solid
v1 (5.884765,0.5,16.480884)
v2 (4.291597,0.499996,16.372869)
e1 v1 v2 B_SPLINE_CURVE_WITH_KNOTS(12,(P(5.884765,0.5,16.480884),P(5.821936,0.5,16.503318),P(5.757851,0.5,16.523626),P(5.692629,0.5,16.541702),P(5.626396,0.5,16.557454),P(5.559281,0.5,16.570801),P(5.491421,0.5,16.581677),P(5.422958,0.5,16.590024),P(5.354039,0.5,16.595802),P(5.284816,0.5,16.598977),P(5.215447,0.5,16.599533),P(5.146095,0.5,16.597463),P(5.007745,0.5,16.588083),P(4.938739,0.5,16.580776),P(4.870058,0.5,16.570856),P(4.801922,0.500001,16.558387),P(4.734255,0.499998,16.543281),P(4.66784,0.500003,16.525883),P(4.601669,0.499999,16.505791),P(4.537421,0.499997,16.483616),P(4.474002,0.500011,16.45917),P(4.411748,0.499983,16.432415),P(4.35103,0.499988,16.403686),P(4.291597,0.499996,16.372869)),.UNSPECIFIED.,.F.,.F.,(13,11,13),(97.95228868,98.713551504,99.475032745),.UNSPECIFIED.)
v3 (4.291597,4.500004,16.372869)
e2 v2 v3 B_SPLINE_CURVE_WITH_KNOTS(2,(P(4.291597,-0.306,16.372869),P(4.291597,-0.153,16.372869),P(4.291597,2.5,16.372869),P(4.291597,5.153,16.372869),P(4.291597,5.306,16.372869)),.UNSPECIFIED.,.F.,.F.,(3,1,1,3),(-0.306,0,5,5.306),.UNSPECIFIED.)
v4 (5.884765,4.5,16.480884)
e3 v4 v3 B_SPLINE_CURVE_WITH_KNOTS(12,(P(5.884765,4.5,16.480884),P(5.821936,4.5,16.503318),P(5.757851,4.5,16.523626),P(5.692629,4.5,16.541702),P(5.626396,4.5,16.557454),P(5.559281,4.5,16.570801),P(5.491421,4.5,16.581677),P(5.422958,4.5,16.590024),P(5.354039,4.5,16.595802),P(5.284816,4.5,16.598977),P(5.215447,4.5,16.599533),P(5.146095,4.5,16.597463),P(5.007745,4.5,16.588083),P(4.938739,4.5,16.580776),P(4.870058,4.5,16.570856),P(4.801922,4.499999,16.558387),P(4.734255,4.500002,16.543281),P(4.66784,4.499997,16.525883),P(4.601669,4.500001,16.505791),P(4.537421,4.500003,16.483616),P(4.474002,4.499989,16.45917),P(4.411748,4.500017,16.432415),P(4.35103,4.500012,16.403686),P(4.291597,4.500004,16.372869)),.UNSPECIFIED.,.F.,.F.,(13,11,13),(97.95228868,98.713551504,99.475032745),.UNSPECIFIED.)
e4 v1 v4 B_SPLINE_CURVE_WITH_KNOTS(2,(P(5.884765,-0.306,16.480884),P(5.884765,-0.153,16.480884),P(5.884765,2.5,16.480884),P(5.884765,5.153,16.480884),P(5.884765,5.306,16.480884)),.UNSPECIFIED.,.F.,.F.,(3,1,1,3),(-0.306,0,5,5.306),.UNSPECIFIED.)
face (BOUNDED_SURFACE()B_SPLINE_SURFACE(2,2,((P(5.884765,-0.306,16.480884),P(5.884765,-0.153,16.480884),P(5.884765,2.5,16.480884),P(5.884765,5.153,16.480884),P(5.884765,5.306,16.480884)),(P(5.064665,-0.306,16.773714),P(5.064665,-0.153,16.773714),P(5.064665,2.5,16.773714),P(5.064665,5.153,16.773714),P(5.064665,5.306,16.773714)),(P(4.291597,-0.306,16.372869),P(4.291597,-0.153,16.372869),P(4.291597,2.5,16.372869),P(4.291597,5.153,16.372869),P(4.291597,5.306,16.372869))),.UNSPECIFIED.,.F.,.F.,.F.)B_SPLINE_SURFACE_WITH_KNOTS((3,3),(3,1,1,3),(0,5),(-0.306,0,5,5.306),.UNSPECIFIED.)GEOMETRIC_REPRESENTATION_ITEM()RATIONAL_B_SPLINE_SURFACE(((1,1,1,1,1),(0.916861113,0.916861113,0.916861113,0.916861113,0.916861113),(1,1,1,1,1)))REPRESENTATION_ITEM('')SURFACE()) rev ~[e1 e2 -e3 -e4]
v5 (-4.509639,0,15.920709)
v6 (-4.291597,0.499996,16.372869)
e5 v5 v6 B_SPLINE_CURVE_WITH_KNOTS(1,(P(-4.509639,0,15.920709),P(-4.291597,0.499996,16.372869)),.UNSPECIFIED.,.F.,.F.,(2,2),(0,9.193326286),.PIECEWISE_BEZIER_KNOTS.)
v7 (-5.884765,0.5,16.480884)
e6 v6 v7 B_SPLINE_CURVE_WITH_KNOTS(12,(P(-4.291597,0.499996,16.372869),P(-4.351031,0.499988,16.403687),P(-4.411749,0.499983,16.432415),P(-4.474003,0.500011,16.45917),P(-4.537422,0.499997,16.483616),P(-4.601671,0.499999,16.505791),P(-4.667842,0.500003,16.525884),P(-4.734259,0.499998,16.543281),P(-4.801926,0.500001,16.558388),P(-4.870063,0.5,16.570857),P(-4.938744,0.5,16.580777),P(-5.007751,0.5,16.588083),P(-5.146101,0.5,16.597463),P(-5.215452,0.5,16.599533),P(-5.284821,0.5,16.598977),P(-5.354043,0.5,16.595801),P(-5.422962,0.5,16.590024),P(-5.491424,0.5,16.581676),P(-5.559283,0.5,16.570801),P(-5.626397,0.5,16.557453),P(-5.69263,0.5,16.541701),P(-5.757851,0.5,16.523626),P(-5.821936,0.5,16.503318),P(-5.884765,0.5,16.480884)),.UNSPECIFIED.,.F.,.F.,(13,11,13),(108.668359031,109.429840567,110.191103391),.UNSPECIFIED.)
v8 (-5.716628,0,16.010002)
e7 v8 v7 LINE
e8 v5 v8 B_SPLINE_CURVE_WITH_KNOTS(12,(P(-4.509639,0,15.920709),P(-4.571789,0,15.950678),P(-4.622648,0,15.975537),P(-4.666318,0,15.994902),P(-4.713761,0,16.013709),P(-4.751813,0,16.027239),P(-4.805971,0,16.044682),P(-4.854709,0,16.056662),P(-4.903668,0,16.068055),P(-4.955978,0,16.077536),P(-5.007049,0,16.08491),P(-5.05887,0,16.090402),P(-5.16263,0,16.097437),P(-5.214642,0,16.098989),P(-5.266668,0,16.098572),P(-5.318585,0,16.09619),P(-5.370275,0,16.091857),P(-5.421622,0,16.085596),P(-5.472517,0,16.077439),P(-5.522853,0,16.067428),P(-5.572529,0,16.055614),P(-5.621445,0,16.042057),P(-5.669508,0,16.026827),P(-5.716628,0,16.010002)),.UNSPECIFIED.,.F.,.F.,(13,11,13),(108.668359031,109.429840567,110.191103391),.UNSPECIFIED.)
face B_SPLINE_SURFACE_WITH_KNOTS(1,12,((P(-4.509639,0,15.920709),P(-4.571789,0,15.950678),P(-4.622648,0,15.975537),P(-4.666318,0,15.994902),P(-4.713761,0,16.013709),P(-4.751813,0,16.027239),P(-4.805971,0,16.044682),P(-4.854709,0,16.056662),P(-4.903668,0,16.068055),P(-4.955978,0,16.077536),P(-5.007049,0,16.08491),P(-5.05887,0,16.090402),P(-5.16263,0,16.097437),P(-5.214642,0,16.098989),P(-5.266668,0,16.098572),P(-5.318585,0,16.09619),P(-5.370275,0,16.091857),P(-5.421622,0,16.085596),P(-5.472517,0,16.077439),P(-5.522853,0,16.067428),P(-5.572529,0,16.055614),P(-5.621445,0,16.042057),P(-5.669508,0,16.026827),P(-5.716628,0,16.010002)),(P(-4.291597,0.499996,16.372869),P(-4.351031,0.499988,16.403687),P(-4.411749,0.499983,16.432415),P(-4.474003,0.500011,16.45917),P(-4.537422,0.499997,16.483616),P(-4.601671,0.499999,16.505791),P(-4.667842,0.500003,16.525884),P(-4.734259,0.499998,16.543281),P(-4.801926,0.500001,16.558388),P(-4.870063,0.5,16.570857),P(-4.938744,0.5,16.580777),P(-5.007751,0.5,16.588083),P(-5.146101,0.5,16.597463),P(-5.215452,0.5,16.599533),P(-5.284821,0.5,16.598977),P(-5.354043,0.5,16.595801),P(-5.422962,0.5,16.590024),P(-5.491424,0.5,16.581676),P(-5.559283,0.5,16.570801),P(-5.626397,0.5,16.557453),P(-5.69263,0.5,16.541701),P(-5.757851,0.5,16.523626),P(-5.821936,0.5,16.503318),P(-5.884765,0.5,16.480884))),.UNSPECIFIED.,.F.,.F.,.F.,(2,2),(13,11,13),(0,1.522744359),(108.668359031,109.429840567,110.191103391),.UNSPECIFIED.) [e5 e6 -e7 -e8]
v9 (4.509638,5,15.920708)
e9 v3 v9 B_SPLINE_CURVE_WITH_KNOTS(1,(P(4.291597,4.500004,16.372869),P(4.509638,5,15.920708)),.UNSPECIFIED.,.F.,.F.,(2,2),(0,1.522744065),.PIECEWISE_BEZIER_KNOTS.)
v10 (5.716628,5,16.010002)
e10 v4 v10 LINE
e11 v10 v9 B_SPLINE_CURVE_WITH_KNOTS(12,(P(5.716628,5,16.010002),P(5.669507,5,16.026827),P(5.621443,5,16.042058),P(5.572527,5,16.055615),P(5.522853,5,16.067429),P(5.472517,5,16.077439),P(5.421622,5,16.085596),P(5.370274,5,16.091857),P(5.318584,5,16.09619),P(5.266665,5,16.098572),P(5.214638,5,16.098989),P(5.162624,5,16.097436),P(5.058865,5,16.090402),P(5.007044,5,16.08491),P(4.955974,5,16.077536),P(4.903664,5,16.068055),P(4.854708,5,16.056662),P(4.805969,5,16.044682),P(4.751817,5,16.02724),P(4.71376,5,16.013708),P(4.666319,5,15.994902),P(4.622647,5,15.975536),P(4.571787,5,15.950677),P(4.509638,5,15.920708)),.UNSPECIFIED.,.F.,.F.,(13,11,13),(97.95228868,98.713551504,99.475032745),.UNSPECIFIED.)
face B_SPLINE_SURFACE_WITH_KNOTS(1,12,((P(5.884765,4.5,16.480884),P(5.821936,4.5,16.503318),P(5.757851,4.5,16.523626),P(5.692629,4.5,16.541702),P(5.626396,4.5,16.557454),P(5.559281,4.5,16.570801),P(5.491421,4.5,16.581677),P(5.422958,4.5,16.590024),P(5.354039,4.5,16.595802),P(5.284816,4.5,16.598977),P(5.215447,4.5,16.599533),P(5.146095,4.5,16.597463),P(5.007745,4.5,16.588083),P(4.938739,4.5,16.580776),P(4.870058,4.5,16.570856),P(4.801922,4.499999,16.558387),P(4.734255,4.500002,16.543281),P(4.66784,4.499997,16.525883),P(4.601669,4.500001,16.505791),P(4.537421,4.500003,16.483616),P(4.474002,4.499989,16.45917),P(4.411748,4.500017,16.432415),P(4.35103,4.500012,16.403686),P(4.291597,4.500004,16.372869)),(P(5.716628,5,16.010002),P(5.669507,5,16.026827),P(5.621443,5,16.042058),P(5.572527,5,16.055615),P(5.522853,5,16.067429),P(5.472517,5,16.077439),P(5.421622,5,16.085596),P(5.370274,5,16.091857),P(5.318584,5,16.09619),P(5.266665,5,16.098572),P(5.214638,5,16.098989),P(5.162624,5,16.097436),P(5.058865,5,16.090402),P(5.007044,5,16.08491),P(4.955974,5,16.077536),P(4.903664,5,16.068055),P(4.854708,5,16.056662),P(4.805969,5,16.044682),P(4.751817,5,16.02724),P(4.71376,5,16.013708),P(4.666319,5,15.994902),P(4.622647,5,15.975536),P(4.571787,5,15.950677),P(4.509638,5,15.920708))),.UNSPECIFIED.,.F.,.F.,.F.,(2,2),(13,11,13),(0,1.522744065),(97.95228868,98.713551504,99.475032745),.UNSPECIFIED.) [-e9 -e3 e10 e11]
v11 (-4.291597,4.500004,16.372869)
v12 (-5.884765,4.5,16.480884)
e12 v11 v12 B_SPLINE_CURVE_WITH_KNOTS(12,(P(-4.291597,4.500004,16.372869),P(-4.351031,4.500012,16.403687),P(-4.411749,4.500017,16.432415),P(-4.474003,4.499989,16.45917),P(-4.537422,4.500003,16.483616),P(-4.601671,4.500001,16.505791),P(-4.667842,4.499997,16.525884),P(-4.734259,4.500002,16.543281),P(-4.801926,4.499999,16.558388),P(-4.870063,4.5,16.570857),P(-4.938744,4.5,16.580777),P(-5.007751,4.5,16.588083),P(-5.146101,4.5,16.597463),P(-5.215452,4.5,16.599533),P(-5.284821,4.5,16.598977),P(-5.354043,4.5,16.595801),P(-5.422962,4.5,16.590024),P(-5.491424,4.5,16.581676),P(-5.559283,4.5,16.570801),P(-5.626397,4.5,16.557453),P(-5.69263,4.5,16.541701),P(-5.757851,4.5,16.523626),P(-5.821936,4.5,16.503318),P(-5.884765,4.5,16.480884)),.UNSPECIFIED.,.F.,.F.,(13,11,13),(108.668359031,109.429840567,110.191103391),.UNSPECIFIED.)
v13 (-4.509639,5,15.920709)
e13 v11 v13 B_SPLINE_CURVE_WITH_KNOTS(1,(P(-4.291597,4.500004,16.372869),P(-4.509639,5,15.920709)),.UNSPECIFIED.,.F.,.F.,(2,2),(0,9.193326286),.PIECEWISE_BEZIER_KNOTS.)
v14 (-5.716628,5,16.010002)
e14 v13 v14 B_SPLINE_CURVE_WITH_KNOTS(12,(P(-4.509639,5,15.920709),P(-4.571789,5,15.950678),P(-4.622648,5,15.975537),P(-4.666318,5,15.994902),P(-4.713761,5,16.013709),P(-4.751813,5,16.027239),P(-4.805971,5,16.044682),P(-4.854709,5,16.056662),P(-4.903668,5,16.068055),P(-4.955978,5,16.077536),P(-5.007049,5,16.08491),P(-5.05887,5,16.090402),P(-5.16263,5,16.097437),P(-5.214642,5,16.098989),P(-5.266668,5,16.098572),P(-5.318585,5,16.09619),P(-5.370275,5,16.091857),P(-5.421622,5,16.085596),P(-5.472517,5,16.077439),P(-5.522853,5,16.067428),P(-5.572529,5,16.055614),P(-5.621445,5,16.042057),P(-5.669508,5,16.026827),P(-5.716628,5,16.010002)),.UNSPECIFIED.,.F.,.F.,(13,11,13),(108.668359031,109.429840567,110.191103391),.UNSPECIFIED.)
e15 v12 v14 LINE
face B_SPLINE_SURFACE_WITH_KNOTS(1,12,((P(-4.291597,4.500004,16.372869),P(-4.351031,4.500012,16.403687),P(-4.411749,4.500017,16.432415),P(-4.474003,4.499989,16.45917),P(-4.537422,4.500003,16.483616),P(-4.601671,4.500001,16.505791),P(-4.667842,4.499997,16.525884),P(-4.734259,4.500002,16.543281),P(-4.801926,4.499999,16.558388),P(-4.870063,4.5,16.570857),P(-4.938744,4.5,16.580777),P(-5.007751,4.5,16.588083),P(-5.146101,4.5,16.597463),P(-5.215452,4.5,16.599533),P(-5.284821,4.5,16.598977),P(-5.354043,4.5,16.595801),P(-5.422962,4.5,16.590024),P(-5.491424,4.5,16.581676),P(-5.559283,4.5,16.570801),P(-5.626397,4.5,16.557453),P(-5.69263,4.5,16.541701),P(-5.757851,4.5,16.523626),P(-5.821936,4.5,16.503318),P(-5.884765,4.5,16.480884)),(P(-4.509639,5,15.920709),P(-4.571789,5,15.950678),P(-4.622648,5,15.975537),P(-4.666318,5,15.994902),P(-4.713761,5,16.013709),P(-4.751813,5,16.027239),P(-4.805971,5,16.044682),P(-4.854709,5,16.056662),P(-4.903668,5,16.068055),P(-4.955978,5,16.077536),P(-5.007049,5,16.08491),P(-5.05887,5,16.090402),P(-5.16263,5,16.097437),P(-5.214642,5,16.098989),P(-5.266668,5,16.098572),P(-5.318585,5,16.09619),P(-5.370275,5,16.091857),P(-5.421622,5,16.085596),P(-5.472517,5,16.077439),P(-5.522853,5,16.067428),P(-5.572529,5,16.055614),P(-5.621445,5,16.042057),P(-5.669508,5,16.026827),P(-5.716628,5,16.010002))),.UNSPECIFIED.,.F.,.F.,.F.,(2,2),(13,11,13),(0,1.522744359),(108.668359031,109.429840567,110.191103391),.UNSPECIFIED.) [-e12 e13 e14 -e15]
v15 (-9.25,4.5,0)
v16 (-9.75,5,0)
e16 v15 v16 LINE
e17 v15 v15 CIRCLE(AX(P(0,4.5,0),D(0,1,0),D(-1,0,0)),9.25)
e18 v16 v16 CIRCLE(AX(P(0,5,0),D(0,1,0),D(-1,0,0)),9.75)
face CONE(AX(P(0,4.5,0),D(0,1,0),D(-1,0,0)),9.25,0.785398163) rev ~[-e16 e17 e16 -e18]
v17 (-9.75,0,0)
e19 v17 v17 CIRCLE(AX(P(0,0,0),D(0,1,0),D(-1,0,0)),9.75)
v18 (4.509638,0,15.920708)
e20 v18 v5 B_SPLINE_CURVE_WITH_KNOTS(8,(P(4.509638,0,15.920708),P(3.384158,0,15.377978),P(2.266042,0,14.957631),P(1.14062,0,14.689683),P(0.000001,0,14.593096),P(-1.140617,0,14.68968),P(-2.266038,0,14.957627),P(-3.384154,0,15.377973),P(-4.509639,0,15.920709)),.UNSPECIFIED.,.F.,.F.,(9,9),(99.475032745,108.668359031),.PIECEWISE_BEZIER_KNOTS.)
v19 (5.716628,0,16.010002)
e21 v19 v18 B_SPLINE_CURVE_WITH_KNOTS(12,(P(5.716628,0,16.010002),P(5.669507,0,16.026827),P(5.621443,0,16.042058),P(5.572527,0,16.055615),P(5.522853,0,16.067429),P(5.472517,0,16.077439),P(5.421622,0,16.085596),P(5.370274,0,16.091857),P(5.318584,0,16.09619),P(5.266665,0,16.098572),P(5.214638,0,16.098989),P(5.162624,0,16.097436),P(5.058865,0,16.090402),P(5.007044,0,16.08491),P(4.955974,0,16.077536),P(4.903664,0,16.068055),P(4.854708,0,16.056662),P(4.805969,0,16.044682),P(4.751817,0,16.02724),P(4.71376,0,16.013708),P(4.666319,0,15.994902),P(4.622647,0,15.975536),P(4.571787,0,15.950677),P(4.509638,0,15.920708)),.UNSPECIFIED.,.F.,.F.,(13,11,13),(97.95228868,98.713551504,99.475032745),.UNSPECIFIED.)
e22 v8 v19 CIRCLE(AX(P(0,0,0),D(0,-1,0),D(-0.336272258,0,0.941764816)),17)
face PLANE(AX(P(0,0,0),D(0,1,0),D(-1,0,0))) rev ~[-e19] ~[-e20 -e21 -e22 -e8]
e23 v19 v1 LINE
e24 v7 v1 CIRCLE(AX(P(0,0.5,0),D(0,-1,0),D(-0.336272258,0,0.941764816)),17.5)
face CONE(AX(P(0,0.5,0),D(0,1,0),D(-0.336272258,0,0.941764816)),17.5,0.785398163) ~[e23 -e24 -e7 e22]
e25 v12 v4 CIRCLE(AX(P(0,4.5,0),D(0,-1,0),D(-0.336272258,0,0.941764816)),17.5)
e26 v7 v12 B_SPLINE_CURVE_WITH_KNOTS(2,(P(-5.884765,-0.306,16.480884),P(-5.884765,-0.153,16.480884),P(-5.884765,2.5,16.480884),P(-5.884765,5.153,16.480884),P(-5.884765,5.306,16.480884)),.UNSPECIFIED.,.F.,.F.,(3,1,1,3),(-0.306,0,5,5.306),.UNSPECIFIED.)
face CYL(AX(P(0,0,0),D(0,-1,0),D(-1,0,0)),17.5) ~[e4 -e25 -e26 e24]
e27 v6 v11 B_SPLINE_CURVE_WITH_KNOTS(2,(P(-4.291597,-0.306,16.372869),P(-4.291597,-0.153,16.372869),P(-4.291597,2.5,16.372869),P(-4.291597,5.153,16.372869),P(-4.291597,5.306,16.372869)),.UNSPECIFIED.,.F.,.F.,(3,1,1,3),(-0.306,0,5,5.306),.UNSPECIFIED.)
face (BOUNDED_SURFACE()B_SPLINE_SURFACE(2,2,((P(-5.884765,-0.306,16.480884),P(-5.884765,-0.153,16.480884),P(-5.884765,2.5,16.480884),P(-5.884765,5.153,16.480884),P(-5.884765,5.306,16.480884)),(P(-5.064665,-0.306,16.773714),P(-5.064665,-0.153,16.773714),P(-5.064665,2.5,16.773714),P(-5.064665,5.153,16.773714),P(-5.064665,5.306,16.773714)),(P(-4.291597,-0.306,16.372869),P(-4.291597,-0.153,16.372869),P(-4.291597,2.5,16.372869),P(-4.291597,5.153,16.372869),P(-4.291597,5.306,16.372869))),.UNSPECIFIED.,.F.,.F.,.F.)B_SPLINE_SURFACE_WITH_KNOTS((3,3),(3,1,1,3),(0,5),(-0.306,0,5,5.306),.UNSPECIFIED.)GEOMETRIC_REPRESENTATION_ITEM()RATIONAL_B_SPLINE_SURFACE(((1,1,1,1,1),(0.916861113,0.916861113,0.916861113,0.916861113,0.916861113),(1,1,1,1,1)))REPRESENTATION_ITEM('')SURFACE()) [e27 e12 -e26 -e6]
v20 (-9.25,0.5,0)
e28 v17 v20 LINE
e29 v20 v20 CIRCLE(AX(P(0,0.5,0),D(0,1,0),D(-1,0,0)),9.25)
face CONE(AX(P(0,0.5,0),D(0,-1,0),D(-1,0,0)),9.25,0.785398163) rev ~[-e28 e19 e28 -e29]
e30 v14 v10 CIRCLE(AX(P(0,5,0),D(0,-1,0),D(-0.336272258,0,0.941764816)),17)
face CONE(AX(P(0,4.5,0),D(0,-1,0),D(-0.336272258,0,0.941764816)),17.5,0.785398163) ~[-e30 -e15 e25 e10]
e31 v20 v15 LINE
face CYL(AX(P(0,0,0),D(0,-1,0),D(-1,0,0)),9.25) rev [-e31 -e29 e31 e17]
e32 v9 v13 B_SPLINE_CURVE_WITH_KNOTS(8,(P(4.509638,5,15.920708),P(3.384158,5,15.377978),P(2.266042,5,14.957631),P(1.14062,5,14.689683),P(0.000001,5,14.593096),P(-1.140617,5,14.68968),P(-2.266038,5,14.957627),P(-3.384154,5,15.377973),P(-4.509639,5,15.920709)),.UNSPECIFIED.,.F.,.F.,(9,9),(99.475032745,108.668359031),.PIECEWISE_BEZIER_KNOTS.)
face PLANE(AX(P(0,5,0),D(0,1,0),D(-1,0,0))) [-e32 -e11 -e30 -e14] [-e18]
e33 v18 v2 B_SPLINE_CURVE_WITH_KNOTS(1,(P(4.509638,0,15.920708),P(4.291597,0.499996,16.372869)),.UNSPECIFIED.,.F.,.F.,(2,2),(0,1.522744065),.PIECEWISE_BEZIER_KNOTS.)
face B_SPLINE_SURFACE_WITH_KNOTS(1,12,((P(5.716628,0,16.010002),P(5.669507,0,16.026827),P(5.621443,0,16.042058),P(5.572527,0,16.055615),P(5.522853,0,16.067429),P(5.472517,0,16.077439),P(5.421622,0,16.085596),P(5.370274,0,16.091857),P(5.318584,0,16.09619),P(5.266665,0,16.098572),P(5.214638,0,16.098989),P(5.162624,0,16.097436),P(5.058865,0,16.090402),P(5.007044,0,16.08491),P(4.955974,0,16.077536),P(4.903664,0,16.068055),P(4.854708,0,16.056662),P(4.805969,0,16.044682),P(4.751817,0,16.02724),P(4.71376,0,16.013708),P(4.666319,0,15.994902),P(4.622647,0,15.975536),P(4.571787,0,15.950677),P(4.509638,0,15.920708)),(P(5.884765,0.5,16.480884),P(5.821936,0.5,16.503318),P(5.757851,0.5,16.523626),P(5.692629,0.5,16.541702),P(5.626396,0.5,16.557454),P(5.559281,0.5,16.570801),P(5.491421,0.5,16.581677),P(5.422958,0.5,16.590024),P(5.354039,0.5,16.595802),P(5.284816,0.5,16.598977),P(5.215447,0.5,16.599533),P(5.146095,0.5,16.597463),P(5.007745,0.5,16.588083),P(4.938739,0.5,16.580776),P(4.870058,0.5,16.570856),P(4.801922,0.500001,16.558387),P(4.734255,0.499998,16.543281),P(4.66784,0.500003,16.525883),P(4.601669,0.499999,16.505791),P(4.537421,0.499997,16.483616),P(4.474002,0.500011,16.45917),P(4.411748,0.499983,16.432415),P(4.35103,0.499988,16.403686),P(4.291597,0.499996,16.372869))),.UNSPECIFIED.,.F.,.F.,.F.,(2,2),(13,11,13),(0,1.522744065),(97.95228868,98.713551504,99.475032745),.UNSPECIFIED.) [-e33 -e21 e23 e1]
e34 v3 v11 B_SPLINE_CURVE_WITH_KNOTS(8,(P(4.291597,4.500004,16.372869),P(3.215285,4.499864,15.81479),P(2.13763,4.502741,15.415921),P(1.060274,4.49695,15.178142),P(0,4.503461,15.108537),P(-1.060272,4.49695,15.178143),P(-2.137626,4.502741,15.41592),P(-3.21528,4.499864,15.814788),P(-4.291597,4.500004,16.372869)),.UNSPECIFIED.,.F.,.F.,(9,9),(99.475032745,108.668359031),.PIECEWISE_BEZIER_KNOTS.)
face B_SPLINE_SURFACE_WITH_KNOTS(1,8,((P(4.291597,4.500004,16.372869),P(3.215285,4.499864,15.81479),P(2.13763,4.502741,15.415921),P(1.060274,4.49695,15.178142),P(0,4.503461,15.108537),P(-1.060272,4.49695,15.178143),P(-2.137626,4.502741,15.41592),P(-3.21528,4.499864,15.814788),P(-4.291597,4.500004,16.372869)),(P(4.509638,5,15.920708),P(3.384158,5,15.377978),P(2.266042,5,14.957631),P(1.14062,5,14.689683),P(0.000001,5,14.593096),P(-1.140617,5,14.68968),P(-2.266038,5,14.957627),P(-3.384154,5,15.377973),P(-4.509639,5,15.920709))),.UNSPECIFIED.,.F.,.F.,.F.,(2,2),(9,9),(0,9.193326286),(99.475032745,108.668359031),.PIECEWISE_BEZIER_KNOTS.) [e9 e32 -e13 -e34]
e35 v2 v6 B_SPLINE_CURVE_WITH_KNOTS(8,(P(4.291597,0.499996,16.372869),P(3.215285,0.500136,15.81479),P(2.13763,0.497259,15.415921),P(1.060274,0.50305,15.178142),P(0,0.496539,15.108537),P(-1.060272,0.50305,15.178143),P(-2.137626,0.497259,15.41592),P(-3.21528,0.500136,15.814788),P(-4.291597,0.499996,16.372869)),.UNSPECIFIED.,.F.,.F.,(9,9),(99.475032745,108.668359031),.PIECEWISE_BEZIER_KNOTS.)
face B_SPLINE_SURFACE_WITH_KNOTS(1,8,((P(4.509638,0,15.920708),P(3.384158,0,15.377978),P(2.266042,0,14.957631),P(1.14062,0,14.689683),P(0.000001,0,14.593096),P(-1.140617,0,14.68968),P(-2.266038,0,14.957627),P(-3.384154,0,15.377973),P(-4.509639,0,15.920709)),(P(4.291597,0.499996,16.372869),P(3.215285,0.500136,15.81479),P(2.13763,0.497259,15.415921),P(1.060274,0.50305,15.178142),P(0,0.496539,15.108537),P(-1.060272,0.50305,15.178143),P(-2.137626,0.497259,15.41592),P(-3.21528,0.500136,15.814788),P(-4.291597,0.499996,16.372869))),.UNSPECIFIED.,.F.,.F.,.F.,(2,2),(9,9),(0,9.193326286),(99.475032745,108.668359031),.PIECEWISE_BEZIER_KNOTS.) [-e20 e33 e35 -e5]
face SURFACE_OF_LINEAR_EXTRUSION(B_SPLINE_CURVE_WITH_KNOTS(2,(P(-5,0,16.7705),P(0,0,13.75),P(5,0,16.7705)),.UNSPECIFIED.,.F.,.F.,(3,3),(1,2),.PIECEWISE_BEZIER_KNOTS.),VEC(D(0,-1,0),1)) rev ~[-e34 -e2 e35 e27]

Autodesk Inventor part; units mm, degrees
ref_plane "YZ Plane" through (0, 0, 0) normal (1, 0, 0) x (0, 1, 0)
ref_plane "XZ Plane" through (0, 0, 0) normal (0, 1, 0) x (-1, 0, 0)
ref_plane "XY Plane" through (0, 0, 0) normal (0, 0, 1) x (1, 0, 0)
sketch "Sketch1" plane through (0, 0, 0) normal (0, 1, 0) x (-1, 0, 0)
  circle A0 centre (0, 0) radius 9.25
  circle A1 centre (0, 0) radius 13.75 construction
  circle A2 centre (9.7227, -9.7227) radius 1.7
  line L0 (9.7227, -9.7227) -> (0, 0) construction
  circle A3 centre (9.7227, 9.7227) radius 1.7
  circle A4 centre (-9.7227, 9.7227) radius 1.7
  circle A5 centre (-9.7227, -9.7227) radius 1.7
  line L1 (0, 0) -> (0, -13.75) construction
  circle A6 centre (0, 0) radius 17.5
  circle A7 centre (0, 0) radius 10 construction
  line L2 (5, 16.7705) -> (0, 13.75) construction
  line L3 (0, 13.75) -> (-5, 16.7705) construction
  spline S0 degree 2 poles (5, 16.7705) (0, 13.75) (-5, 16.7705) knots 1 1 1 2 2 2
  line L4 (5, 16.7705) -> (-5, 16.7705) construction
  line L5 (0, 13.75) -> (0, 10) construction
  dimension "d10" = 20
  dimension "d0" = 18.5
  dimension "d2" = 3.4
  dimension "d6" = 360
  dimension "d8" = 45
  dimension "d11" = 10
  dimension "d30" = 7.5
  dimension "d31" = 3.75
extrude "Extrusion1" add sketch "Sketch1" along normal blind 5 contours A2 | A3 | A4 | A5 | A6 S0 picked at (12.2147, -4.9313)
fillet "Fillet1" radius 2 2 edges at (-5, 2.5, 16.7705) (5, 2.5, 16.7705)
chamfer "Chamfer1" distance 0.5 angle 45 2 edges at (9.25, 5, 0) (9.25, 0, 0)
chamfer "Chamfer2" distance 0.5 angle 45 8 edges at (0, 5, -17.5) (-5.0769, 5, 16.5928) (0, 5, 15.2603) (5.0769, 5, 16.5928) (0, 0, -17.5) (-5.0769, 0, 16.5928) (0, 0, 15.2603) (5.0769, 0, 16.5928)
properties part number "Motor Mount" material "ABS Plastic"
